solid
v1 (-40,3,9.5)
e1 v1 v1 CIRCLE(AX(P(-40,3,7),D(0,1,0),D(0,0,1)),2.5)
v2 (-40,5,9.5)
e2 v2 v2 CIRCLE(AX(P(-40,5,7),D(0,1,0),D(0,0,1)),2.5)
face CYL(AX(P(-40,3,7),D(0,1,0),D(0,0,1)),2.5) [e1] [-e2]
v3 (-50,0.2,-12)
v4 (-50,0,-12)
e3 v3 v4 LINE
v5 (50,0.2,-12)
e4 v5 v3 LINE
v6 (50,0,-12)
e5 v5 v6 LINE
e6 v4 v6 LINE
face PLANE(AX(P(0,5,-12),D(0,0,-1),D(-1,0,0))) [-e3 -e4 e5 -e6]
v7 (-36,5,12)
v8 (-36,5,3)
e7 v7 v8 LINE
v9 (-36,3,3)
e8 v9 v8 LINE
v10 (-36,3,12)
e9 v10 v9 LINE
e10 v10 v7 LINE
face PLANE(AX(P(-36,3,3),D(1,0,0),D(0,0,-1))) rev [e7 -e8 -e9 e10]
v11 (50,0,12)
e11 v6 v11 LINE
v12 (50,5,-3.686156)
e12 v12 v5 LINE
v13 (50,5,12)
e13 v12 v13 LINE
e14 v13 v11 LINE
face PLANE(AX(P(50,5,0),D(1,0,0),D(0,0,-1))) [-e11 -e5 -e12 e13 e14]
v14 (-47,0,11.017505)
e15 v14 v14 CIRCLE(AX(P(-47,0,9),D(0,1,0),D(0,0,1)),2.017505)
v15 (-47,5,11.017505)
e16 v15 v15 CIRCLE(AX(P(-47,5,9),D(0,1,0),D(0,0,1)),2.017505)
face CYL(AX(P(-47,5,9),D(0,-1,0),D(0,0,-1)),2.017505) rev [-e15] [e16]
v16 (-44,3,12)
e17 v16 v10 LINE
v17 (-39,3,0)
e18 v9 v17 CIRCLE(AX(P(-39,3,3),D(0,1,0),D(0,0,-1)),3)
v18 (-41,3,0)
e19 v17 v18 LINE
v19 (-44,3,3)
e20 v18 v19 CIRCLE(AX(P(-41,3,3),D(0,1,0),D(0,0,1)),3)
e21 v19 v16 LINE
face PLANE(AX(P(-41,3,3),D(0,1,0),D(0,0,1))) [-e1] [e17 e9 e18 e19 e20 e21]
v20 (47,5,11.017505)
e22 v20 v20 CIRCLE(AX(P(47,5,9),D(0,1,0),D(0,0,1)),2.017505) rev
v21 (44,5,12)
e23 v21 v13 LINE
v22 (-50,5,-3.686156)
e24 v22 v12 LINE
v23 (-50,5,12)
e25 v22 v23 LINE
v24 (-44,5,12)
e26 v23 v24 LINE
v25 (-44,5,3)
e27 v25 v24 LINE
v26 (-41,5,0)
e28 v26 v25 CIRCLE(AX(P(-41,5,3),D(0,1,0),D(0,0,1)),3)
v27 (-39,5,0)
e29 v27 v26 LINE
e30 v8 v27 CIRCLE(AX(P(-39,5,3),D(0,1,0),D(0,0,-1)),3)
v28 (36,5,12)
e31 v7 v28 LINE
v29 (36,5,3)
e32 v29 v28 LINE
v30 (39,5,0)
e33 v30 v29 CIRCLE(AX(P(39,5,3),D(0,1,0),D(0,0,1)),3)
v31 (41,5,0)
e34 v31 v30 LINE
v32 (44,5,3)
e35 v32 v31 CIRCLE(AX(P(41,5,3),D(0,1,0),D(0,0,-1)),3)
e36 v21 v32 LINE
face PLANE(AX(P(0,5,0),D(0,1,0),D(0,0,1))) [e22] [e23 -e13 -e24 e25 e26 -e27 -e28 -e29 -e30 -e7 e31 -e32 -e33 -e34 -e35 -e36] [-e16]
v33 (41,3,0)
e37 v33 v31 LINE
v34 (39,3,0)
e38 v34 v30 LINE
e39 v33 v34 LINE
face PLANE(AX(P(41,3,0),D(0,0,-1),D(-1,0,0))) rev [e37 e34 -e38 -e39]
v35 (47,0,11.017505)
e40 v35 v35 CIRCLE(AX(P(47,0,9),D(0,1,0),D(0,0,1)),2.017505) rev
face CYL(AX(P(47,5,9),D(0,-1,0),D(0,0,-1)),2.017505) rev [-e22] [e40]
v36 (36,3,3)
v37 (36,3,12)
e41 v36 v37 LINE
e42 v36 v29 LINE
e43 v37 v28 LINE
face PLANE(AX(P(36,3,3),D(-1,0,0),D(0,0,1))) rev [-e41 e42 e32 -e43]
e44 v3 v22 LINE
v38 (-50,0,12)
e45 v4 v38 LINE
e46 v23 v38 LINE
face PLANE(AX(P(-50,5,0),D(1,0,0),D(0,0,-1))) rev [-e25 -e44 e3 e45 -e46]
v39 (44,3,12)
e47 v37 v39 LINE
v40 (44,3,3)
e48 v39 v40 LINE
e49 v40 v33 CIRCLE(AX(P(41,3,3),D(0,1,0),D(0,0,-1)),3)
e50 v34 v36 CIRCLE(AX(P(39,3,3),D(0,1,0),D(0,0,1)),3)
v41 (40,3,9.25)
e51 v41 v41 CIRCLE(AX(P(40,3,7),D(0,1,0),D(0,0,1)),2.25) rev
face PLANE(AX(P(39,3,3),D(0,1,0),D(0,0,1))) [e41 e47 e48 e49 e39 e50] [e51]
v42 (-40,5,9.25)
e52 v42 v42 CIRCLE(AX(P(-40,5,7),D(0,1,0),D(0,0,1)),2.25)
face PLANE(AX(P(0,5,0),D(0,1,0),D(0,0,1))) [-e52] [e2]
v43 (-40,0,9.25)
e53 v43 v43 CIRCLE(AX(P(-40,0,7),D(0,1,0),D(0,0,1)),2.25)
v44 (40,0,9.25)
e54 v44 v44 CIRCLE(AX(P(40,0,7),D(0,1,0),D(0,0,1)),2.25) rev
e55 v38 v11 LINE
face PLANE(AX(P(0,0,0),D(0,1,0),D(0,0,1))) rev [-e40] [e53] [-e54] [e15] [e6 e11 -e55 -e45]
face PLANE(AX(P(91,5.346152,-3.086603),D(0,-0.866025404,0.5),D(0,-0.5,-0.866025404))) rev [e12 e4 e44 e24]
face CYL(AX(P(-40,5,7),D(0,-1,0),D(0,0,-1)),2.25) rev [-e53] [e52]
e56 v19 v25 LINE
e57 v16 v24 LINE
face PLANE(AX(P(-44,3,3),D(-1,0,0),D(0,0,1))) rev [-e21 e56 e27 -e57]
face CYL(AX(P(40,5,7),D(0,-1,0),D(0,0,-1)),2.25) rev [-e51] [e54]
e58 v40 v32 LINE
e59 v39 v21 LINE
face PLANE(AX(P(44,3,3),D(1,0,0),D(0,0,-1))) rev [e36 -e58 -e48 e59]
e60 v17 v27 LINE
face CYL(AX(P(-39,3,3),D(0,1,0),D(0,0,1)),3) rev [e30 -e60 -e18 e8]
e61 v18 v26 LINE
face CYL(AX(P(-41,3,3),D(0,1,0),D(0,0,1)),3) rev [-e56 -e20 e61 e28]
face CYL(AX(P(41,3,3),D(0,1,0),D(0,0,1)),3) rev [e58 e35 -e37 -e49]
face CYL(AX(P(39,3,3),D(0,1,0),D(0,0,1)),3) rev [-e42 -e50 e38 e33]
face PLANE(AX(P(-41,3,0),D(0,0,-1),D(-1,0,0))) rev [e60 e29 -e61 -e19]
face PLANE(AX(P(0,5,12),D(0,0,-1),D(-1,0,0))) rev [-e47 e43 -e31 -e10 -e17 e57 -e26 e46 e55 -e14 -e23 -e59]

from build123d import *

# Parameters (mm, degrees)
CROQUIS1_W              = 100
CROQUIS1_H              = 24
CROQUIS1_R              = 2.017504942
CROQUIS1_R_2            = 2.25
SALIENTE_EXTRUIR1_DEPTH = 5
CROQUIS2_R              = 2.5
CORTAR_EXTRUIR1_DEPTH   = 2
CORTAR_EXTRUIR5_DEPTH   = 141


with BuildPart() as part:
    # Croquis1 → Saliente-Extruir1 (new body)
    with BuildSketch(Plane(origin=(0, 0, 0), x_dir=(1, 0, 0), z_dir=(0, 1, 0))):
        Rectangle(CROQUIS1_W, CROQUIS1_H)
        with Locations(Location((-47, -9, 0), (0, 0, 270))):
            Circle(CROQUIS1_R, mode=Mode.SUBTRACT)
        with Locations(Location((-40, -7, 0), (0, 0, 270))):
            Circle(CROQUIS1_R_2, mode=Mode.SUBTRACT)
        with Locations(Location((40, -7, 0), (0, 0, 270))):
            Circle(CROQUIS1_R_2, mode=Mode.SUBTRACT)
        with Locations(Location((47, -9, 0), (0, 0, 270))):
            Circle(CROQUIS1_R, mode=Mode.SUBTRACT)
    extrude(amount=SALIENTE_EXTRUIR1_DEPTH)

    # Croquis2 → Cortar-Extruir1 (cut)
    # profile 1 of 2: a face of its own
    with BuildSketch(Plane(origin=(0, 5, 0), x_dir=(1, 0, 0), z_dir=(0, 1, 0))):
        with BuildLine():
            Line((-44, -3), (-44, -12))
            Line((-44, -12), (-36, -12))
            Line((-36, -12), (-36, -3))
            ThreePointArc((-36, -3), (-36.878679656, -0.878679656), (-39, 0))
            Line((-39, 0), (-41, 0))
            ThreePointArc((-41, 0), (-43.121320344, -0.878679656), (-44, -3))
        make_face()
        with Locations(Location((-40, -7, 0), (0, 0, 270))):
            Circle(CROQUIS2_R, mode=Mode.SUBTRACT)
    # profile 2 of 2: a face of its own
    with BuildSketch(Plane(origin=(0, 5, 0), x_dir=(1, 0, 0), z_dir=(0, 1, 0))):
        with BuildLine():
            Line((41, 0), (39, 0))
            ThreePointArc((39, 0), (36.878679656, -0.878679656), (36, -3))
            Line((36, -3), (36, -12))
            Line((36, -12), (44, -12))
            Line((44, -12), (44, -3))
            ThreePointArc((44, -3), (43.121320344, -0.878679656), (41, 0))
        make_face()
    extrude(amount=-CORTAR_EXTRUIR1_DEPTH, mode=Mode.SUBTRACT)

    # Croquis3 → Cortar-Extruir5 (cut)
    with BuildSketch(Plane.ZY.offset(50)):
        Polygon((-12, 5), (-12, 0.2), (-6.100895765, 3.605849418), (-3.686156124, 5), align=None)
        Polygon((-12.757171087, 0.2), (-12, 0.2), (-12, 5), (-3.686156124, 5), (-3.039853353, 5.373143079), (-12.757171087, 5.373143079), align=None)
    extrude(amount=-CORTAR_EXTRUIR5_DEPTH, mode=Mode.SUBTRACT)


solid = part.part
